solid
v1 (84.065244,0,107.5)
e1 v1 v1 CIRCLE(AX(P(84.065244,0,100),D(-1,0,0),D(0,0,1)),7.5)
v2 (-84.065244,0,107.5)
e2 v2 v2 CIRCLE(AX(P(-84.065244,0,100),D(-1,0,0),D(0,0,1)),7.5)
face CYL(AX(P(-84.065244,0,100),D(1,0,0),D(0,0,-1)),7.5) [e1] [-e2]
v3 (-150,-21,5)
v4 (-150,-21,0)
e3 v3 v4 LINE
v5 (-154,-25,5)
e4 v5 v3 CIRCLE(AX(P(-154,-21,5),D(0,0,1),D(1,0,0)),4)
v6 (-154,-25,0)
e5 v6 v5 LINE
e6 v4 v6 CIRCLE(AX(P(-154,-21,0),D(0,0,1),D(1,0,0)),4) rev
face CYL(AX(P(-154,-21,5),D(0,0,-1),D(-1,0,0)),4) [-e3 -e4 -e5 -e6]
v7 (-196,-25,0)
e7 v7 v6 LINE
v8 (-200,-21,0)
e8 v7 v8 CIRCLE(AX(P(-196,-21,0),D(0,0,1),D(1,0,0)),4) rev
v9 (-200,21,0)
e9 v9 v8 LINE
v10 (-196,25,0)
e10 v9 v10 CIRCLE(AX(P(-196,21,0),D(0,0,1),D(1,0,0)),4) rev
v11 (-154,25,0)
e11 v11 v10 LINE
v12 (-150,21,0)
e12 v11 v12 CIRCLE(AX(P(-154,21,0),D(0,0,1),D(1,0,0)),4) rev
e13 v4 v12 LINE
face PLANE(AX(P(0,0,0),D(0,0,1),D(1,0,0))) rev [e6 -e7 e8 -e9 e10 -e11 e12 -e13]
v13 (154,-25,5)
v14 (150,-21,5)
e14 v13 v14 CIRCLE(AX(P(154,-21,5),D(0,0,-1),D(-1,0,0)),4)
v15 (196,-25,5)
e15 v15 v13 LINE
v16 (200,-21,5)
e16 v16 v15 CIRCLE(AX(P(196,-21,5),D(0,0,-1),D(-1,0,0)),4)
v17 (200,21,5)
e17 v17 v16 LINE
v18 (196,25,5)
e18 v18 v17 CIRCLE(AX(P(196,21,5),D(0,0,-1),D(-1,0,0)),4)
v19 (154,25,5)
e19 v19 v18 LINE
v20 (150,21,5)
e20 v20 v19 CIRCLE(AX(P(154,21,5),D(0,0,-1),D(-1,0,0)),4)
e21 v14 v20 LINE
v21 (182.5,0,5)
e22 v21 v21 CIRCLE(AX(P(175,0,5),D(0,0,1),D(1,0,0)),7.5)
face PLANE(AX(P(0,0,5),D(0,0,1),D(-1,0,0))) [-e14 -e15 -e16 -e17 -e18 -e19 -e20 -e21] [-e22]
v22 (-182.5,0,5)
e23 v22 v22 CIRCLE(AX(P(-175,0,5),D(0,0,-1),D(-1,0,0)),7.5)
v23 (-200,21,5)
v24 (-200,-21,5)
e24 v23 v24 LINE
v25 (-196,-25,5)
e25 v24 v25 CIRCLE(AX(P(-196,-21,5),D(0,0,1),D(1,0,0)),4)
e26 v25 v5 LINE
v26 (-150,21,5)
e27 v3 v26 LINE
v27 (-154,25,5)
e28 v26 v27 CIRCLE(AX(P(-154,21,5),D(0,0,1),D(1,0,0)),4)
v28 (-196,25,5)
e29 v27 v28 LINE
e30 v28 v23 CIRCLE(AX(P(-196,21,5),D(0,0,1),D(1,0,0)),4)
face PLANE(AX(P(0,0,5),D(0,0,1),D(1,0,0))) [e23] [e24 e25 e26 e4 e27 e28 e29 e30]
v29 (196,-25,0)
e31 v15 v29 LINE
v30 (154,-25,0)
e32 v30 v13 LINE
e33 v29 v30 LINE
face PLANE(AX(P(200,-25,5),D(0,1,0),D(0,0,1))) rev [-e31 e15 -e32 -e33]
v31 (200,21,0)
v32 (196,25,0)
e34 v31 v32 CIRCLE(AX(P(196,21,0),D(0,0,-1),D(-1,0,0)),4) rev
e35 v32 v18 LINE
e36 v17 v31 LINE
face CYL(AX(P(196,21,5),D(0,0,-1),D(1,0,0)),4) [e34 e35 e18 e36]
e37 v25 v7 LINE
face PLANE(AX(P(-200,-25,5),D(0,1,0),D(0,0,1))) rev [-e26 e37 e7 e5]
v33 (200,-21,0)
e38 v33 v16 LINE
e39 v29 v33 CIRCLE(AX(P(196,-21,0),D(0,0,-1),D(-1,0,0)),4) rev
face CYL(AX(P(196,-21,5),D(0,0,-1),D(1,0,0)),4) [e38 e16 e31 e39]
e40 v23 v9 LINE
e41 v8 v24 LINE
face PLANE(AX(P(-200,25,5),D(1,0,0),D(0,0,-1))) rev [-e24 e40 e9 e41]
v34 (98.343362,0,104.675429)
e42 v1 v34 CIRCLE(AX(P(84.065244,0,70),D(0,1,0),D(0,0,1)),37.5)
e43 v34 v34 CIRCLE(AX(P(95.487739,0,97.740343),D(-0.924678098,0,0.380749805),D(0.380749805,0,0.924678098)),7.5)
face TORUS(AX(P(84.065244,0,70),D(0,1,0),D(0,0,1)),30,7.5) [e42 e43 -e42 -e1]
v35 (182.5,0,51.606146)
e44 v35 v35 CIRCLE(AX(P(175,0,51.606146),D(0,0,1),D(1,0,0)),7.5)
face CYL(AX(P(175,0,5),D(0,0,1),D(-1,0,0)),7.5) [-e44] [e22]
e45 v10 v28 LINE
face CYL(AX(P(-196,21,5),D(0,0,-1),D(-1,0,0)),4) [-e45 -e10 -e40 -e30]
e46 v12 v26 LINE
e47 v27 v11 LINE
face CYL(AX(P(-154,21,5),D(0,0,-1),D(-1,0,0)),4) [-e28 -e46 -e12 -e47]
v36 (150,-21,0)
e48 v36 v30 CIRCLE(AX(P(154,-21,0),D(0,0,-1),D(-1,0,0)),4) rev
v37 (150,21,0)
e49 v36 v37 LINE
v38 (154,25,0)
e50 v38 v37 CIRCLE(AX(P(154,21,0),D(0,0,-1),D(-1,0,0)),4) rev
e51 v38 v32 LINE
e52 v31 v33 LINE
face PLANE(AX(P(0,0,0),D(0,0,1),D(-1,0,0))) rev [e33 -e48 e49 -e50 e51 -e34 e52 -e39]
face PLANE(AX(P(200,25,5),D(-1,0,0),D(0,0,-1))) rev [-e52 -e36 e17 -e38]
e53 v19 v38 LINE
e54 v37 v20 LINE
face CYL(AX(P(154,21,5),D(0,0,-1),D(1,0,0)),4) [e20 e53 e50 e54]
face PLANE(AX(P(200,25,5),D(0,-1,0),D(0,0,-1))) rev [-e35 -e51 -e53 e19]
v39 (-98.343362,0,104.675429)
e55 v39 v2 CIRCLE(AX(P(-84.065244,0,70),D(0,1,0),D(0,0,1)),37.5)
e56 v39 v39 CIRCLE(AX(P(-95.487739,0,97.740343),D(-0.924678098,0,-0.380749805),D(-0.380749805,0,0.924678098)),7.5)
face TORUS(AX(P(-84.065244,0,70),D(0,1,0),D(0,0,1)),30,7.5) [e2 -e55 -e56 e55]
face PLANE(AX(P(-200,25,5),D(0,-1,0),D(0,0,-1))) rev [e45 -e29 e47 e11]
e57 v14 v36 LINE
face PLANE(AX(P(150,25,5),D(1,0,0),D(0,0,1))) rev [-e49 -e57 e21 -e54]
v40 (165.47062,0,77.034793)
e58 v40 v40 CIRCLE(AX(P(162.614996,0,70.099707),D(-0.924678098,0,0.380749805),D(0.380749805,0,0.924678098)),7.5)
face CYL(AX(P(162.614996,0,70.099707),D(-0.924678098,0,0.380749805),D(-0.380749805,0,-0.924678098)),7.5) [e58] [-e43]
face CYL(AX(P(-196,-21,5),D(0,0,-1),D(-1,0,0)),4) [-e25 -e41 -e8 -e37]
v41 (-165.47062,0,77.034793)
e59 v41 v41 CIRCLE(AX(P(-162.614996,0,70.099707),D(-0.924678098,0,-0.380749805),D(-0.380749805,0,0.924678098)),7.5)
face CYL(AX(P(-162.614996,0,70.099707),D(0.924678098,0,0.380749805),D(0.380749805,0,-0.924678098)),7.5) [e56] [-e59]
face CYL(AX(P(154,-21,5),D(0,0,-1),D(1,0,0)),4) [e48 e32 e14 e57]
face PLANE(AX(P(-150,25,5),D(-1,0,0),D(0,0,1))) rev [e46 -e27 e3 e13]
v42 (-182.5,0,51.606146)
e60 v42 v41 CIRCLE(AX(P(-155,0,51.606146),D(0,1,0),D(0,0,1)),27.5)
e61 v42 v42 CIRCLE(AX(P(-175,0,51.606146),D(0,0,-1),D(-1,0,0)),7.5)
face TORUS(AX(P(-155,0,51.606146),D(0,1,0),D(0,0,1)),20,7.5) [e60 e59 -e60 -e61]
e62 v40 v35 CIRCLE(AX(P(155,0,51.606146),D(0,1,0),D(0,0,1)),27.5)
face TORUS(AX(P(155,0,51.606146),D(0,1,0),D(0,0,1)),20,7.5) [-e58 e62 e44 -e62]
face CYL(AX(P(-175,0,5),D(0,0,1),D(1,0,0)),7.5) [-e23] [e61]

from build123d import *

# Parameters (mm, degrees)
SKETCH1_W           = 50
SKETCH1_H           = 50
BOSS_EXTRUDE1_DEPTH = 5
SWEEP1_PROFILE_R    = 7.5
FILLET1_R           = 4


with BuildPart() as part:
    # Sketch1 → Boss-Extrude1 (new body)
    with BuildSketch(Plane.XY):
        with Locations((-175, 0)):
            Rectangle(SKETCH1_W, SKETCH1_H)
    extrude(amount=BOSS_EXTRUDE1_DEPTH)

    # Sweep1: sweep along a path in Sketch2
    with BuildLine(Plane(origin=(0, 0, 0), x_dir=(1, 0, 0), z_dir=(0, 1, 0))) as sweep1_path:
        Line((-175, -5), (-175, -51.606145517))
        ThreePointArc((-175, -51.606145517), (-171.61776041, -62.734938755), (-162.614996105, -70.099707486))
        Line((-162.614996105, -70.099707486), (-95.48773854, -97.740342954))
        ThreePointArc((-95.48773854, -97.740342954), (-89.887173245, -99.42966436), (-84.065244382, -100))
        Line((-84.065244382, -100), (0, -100))
    # Sweep1 profile (on start of the path) → Sweep1 (sweep)
    with BuildSketch(Plane(origin=(-175, 0, 5), x_dir=(1, 0, 0), z_dir=(0, 0, 1))):
        Circle(SWEEP1_PROFILE_R)
    sweep(path=sweep1_path.line)

    # Fillet1
    fillet1_edges = [part.edges().sort_by_distance(p)[0] for p in [
        (-150, -25, 2.5),
        (-200, -25, 2.5),
        (-200, 25, 2.5),
        (-150, 25, 2.5),
    ]]
    fillet(fillet1_edges, radius=FILLET1_R)

    # Mirror1: part across plane


with BuildPart() as part_1:
    add(part.part)
    add(part.part.mirror(Plane(origin=(0, 0, 0), x_dir=(0, 0, 1), z_dir=(1, 0, 0))))


solid = part_1.part
